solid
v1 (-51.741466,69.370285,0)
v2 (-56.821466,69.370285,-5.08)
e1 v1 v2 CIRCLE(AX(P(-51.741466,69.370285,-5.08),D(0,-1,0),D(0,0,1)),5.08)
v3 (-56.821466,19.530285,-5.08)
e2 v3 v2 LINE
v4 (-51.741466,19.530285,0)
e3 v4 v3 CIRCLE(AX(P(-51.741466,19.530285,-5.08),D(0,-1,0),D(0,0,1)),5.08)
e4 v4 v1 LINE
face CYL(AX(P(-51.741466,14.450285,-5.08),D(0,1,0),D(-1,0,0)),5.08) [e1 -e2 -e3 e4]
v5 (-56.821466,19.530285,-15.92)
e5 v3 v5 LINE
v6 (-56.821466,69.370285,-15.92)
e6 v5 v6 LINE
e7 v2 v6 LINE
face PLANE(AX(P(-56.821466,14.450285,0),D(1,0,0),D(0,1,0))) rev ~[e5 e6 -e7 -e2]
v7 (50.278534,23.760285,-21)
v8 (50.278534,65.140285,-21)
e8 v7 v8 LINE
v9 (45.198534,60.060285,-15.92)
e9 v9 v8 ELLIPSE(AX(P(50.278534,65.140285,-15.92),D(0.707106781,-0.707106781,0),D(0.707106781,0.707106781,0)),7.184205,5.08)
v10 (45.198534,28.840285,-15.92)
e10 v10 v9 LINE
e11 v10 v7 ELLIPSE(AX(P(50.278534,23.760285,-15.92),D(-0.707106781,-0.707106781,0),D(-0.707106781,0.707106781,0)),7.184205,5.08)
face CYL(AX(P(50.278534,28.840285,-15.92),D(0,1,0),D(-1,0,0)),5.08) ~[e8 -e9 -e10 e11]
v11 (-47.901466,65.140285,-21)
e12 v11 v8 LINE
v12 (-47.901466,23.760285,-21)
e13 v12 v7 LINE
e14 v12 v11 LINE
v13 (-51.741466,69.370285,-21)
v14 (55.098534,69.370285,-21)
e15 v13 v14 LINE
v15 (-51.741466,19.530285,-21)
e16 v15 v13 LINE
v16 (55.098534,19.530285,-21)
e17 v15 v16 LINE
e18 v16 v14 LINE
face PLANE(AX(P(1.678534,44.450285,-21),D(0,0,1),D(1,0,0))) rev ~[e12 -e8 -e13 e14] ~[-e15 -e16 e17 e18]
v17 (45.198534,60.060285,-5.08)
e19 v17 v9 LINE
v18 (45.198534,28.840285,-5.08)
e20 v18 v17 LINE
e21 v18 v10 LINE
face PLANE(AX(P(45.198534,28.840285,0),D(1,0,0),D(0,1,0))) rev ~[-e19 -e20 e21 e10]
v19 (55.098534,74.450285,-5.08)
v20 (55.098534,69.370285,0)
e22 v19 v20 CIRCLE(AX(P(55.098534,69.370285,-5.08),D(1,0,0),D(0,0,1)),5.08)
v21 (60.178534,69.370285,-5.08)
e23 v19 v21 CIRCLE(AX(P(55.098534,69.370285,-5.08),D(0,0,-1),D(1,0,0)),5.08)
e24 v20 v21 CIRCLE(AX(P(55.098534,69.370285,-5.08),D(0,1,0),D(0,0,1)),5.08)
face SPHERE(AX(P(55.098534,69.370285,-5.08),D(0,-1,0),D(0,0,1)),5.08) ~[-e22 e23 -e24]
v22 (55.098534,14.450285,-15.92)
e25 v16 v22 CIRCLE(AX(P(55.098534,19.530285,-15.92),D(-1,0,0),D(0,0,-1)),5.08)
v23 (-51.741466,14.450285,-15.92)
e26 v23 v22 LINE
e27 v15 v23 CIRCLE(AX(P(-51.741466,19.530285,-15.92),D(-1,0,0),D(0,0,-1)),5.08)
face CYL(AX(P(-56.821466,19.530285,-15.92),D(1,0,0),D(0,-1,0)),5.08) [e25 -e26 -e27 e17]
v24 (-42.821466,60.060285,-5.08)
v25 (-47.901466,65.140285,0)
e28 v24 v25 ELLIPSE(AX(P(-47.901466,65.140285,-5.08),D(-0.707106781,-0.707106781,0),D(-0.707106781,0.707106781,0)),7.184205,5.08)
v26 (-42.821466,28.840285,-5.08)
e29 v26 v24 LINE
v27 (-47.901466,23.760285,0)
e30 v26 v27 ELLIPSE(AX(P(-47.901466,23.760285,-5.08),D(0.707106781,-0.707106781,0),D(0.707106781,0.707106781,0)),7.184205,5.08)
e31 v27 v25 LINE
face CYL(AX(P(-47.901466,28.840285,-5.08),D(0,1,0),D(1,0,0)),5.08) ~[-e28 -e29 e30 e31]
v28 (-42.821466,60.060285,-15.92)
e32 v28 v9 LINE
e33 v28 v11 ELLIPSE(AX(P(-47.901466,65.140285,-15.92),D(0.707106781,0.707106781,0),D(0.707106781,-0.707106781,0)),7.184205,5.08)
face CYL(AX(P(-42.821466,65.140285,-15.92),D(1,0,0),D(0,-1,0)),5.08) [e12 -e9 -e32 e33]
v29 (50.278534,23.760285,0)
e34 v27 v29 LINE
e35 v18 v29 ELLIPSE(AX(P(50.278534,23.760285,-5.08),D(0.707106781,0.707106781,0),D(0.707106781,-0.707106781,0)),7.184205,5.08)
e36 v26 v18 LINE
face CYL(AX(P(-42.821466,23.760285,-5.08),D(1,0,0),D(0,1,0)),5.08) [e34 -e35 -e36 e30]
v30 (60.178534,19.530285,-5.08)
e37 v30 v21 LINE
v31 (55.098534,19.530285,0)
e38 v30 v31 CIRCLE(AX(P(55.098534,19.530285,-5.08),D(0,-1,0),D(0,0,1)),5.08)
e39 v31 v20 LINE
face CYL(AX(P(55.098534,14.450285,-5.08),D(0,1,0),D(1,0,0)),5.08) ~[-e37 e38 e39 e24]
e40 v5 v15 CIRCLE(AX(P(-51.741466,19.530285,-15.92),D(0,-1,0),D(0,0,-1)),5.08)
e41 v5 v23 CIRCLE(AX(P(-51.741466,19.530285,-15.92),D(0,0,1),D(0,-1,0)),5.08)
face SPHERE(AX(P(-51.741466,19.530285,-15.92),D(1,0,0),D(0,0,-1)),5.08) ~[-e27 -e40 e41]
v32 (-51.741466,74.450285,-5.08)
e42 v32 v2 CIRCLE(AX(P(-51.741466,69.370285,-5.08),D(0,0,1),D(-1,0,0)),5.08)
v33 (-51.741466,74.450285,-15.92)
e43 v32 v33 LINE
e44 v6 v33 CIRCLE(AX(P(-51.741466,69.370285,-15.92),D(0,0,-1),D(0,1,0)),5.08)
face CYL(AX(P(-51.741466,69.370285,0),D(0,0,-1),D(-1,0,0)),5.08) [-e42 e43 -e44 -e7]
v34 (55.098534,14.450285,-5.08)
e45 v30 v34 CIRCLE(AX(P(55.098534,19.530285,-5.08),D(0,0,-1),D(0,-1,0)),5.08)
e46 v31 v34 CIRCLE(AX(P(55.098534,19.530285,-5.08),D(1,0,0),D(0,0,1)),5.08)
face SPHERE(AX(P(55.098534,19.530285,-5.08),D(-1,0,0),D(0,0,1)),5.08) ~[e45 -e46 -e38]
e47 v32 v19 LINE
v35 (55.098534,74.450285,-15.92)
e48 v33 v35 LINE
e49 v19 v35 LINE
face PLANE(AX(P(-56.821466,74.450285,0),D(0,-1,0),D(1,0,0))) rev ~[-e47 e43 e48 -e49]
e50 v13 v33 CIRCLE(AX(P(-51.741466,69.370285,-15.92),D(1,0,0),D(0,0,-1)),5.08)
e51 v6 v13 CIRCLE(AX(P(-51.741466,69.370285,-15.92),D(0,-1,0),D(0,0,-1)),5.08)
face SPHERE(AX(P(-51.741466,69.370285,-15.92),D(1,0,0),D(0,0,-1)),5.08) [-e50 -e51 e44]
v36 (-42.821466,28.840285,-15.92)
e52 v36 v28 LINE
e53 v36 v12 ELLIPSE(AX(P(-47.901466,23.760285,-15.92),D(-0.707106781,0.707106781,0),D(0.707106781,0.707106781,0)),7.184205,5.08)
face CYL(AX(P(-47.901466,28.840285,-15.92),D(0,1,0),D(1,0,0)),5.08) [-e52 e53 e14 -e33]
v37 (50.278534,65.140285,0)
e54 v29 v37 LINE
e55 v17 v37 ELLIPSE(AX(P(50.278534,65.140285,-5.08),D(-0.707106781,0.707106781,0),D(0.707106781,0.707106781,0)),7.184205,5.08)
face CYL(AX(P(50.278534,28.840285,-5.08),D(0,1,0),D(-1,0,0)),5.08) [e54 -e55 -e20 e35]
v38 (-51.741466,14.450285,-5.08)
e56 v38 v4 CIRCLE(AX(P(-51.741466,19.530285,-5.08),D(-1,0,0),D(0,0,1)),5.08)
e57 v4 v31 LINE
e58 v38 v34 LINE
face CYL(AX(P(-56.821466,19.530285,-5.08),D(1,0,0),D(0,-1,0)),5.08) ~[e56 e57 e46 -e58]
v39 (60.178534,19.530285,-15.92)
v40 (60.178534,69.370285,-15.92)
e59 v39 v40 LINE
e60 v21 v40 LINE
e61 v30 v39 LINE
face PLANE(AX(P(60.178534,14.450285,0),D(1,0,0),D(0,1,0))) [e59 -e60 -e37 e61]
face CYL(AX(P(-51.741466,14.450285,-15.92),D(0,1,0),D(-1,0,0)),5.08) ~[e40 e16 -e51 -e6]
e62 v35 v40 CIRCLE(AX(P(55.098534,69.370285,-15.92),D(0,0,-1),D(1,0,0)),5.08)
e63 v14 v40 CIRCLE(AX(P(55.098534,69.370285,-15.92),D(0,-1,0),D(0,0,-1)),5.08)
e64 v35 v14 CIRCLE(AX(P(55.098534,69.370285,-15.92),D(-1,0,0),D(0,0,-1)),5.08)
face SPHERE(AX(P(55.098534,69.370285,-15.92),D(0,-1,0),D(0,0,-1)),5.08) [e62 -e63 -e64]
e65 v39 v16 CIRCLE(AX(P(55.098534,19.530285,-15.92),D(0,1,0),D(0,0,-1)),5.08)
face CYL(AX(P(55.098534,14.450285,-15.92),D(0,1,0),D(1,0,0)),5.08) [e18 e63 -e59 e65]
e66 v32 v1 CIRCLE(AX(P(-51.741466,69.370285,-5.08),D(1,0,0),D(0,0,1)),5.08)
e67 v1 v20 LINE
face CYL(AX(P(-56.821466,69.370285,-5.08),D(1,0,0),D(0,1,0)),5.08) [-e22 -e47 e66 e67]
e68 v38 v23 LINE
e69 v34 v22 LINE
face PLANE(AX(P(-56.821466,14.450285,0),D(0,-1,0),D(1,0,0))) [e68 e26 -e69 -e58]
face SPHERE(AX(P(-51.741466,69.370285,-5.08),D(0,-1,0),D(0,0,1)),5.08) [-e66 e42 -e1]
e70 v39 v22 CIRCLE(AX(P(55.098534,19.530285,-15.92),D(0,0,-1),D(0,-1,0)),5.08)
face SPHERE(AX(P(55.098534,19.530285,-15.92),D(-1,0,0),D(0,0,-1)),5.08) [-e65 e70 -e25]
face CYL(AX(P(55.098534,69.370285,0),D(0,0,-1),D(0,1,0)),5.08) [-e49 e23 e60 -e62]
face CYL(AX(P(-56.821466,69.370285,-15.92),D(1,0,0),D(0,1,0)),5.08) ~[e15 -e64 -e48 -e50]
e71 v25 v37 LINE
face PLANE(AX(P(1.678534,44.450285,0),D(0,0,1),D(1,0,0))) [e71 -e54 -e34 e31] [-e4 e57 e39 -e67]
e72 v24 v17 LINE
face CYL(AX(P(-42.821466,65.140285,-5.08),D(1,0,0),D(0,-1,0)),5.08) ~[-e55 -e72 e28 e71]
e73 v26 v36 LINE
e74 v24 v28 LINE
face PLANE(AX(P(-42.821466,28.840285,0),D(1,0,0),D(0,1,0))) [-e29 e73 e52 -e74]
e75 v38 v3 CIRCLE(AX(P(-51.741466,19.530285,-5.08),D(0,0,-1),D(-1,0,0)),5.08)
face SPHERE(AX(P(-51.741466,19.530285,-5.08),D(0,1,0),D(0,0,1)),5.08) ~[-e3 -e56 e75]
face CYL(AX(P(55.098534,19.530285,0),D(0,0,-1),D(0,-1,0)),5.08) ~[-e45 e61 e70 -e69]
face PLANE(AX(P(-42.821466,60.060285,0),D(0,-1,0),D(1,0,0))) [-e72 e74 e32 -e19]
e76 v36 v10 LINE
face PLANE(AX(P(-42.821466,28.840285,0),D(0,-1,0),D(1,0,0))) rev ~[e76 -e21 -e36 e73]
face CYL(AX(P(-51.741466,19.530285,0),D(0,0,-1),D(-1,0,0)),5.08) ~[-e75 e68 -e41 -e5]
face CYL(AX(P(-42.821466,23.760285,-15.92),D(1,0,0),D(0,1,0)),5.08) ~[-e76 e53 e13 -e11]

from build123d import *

# Parameters (mm, degrees)
F0_W     = 117
F0_H     = 60
F0_W_2   = 88.02
F0_H_2   = 31.22
F1_DEPTH = 21
F2_R     = 5.08


with BuildPart() as f1:
    # F0 (on Top) → F1 (new body)
    with BuildSketch(Plane.XY):
        with Locations((1.678534, 44.450285)):
            Rectangle(F0_W, F0_H)
        with Locations((1.188534, 44.450285)):
            Rectangle(F0_W_2, F0_H_2, mode=Mode.SUBTRACT)
    extrude(amount=-F1_DEPTH)

    # F2
    f2_edges = [f1.edges().sort_by_distance(p)[0] for p in [
        (-56.821466, 44.450285, 0),
        (1.678534, 14.450285, 0),
        (60.178534, 44.450285, 0),
        (1.678534, 74.450285, 0),
        (1.678534, 14.450285, -21),
        (60.178534, 44.450285, -21),
        (1.678534, 74.450285, -21),
        (-56.821466, 44.450285, -21),
        (-56.821466, 14.450285, -10.5),
        (-56.821466, 74.450285, -10.5),
        (60.178534, 14.450285, -10.5),
        (60.178534, 74.450285, -10.5),
        (45.198534, 44.450285, -21),
        (1.188534, 60.060285, -21),
        (-42.821466, 44.450285, -21),
        (1.188534, 28.840285, -21),
        (1.188534, 28.840285, 0),
        (-42.821466, 44.450285, 0),
        (45.198534, 44.450285, 0),
        (1.188534, 60.060285, 0),
    ]]
    fillet(f2_edges, radius=F2_R)


solid = f1.part
